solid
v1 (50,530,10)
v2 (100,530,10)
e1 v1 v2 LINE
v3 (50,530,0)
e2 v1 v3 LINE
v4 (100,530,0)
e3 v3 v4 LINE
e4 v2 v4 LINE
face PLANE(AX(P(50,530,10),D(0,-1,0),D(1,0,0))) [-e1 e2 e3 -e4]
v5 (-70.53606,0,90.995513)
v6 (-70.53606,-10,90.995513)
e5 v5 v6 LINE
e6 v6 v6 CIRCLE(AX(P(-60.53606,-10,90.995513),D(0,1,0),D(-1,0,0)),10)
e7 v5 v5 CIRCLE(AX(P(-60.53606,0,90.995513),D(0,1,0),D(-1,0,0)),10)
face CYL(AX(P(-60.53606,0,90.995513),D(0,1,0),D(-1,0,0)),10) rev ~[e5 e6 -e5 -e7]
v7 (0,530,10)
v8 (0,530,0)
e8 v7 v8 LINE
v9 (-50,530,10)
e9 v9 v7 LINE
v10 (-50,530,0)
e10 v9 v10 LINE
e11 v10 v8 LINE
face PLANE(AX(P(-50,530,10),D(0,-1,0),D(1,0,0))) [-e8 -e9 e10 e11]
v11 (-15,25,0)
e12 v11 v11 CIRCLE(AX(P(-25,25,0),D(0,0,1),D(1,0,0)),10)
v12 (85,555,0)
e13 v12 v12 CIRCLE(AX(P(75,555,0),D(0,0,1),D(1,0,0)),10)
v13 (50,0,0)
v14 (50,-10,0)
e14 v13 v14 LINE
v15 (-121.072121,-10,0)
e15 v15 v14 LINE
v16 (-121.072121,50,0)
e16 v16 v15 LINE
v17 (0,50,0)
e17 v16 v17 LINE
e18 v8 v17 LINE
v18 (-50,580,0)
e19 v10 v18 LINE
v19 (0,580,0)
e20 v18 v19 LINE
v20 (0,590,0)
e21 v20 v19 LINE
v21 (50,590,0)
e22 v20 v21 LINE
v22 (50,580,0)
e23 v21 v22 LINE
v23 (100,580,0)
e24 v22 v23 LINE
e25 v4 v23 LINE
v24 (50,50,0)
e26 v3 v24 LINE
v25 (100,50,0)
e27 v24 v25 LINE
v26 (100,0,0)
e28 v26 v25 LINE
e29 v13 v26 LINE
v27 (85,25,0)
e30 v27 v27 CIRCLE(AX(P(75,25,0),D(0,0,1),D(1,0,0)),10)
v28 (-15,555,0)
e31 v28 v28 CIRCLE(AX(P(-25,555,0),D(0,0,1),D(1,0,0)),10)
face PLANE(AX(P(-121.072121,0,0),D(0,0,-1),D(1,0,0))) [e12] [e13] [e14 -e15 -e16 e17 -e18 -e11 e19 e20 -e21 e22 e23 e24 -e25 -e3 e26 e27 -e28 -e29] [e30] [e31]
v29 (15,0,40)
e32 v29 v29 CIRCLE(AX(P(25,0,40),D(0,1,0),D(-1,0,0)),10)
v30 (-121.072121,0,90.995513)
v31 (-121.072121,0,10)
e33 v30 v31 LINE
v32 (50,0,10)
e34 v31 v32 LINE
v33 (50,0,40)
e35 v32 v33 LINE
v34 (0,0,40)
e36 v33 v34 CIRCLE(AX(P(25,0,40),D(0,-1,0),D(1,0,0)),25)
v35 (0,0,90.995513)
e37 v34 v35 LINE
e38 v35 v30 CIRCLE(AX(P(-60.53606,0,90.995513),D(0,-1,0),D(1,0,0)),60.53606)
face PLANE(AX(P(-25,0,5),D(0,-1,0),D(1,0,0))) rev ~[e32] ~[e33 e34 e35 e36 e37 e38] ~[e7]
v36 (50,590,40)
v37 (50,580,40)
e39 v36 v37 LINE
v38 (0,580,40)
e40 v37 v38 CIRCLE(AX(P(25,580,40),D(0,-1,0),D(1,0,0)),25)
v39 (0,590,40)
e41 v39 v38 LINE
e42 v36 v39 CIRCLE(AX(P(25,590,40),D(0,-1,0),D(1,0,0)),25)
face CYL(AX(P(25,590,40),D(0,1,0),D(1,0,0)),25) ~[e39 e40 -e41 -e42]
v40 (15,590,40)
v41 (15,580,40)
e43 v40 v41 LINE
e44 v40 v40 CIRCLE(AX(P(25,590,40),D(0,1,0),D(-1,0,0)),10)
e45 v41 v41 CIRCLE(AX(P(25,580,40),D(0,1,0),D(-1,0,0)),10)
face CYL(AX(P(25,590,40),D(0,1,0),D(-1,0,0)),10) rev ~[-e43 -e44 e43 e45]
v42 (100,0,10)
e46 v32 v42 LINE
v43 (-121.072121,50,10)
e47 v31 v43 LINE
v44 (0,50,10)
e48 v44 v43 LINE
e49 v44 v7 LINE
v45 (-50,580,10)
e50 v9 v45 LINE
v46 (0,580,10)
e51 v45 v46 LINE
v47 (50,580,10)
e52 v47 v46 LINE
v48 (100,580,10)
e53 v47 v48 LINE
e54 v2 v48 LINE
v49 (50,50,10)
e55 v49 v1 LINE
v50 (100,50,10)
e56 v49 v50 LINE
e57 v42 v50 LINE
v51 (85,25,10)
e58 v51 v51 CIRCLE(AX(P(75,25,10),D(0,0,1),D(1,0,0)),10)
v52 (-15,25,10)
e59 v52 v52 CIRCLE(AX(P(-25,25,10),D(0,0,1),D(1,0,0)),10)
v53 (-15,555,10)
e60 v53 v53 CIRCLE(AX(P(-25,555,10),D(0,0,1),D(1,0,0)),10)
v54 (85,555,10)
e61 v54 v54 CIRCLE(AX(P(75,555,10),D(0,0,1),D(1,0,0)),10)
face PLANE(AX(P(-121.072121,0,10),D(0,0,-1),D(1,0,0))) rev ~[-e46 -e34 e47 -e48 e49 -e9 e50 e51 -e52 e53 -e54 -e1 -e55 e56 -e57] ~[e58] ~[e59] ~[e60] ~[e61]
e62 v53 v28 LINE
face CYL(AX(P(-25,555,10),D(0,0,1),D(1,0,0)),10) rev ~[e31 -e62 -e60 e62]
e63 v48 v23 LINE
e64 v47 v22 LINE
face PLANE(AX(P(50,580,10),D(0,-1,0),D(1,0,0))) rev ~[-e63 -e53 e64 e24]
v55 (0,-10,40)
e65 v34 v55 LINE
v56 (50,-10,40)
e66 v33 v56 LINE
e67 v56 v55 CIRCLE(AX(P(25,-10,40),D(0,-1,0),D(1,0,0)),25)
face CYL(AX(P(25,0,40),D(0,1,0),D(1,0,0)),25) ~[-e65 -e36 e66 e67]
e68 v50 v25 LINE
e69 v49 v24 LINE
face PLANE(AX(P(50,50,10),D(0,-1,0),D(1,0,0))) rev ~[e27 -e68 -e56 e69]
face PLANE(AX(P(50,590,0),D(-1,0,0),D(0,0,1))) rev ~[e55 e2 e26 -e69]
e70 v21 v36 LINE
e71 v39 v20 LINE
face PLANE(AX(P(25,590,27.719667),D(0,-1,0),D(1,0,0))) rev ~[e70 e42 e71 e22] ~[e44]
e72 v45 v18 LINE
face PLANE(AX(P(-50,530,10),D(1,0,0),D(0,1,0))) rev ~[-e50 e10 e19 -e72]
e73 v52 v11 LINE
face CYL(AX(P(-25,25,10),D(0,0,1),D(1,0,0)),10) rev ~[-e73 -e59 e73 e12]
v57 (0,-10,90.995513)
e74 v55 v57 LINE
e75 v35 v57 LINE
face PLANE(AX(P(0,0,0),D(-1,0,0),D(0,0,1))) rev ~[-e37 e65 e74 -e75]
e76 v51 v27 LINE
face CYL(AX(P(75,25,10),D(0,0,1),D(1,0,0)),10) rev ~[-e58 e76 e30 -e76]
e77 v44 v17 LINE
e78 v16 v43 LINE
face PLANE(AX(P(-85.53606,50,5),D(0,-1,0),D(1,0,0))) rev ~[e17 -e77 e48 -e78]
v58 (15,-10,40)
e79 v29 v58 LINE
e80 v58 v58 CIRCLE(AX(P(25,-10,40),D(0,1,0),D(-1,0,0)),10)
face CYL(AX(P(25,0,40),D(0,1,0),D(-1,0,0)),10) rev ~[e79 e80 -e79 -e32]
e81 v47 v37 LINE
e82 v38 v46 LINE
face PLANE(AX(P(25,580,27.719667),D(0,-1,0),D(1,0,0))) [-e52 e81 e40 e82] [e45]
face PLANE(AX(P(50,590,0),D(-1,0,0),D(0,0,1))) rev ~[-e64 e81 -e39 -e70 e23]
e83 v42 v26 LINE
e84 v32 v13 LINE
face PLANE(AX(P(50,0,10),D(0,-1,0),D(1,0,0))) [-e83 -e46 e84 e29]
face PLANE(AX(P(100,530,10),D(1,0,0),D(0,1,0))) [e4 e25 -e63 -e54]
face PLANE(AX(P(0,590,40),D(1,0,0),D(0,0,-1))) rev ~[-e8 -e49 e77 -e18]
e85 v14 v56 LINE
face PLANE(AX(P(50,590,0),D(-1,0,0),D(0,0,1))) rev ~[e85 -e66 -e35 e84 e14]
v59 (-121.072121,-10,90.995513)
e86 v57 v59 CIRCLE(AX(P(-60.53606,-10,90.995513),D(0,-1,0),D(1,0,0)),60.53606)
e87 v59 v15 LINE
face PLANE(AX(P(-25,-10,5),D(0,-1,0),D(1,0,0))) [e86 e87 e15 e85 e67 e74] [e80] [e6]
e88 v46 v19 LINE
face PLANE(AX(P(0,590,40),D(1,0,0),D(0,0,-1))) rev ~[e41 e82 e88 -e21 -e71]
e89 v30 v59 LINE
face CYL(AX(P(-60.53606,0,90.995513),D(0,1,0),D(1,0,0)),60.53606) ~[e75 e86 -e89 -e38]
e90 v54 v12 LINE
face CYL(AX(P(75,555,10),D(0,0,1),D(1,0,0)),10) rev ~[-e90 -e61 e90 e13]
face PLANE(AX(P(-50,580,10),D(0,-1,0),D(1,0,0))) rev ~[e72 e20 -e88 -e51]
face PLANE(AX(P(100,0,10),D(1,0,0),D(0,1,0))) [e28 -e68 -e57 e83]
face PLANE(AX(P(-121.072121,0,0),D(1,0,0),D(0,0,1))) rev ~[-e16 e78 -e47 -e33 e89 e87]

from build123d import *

# Parameters (mm, degrees)
F1_DEPTH  = 10
F2_R      = 10
F3_DEPTH  = 25
F4_W      = 50
F4_H      = 10
F5_DEPTH  = 580
F7_R      = 10
F8_DEPTH  = 40
F12_W     = 50
F12_H     = 50
F12_R     = 10
F13_DEPTH = 10
F14_W     = 50
F14_H     = 10
F14_W_2   = 71.0721209645
F15_DEPTH = 10
F16_DEPTH = 50


with BuildPart() as f1:
    # F0 (on Front) → F1 (new body)
    with BuildSketch(Plane.XZ):
        with BuildLine():
            Line((0, 40), (0, 0))
            Line((0, 0), (50, 0))
            Line((50, 0), (50, 40))
            ThreePointArc((50, 40), (25, 65), (0, 40))
        make_face()
    extrude(amount=F1_DEPTH)

    # F2 (on face) → F3 (cut)
    with BuildSketch(Plane(origin=(0, 0, 0), x_dir=(-1, 0, 0), z_dir=(0, 1, 0))):
        with Locations((-25, 40)):
            Circle(F2_R)
    extrude(amount=-F3_DEPTH, mode=Mode.SUBTRACT)


with BuildPart() as f5:
    # F4 (on face) → F5 (new body)
    with BuildSketch(Plane(origin=(0, 0, 0), x_dir=(-1, 0, 0), z_dir=(0, 1, 0))):
        with Locations((-25, 5)):
            Rectangle(F4_W, F4_H)
    extrude(amount=F5_DEPTH)


with BuildPart() as f6_1:
    # F6: copy of F1
    add(f1.part.moved(Location((0, 590, 0))))


with BuildPart() as f8:
    # F7 (on face) → F8 (new body)
    with BuildSketch(Plane.XZ.offset(10)):
        with Locations((25, 0)):
            Circle(F7_R)
    extrude(amount=-F8_DEPTH)


with BuildPart() as f9_1:
    # F9: copy of F8
    add(f8.part.moved(Location((0, 560, 0))))


with BuildPart() as f1_1:
    add(f1.part)

    add(f5.part)  # F13 merges F5

    add(f6_1.part)  # F13 merges F6_1
    # F12 (on face) → F13 (join)
    with BuildSketch(Plane.XY.offset(10)):
        with Locations((-25, 25)):
            Rectangle(F12_W, F12_H)
        with Locations((-25, 25)):
            Circle(F12_R, mode=Mode.SUBTRACT)
        with Locations((-25, 555)):
            Rectangle(F12_W, F12_H)
        with Locations((-25, 555)):
            Circle(F12_R, mode=Mode.SUBTRACT)
        with Locations((75, 25)):
            Rectangle(F12_W, F12_H)
        with Locations((75, 25)):
            Circle(F12_R, mode=Mode.SUBTRACT)
        with Locations((75, 555)):
            Rectangle(F12_W, F12_H)
        with Locations((75, 555)):
            Circle(F12_R, mode=Mode.SUBTRACT)
    extrude(amount=-F13_DEPTH)

    # F14 (on face) → F15 (join)
    with BuildSketch(Plane.XZ):
        with Locations((-25, 5)):
            Rectangle(F14_W, F14_H)
        with Locations((-85.5360604823, 5)):
            Rectangle(F14_W_2, F14_H)
        with BuildLine():
            Line((-121.0721209645, 10), (-50, 10))
            Line((-50, 10), (0, 10))
            Line((0, 10), (0, 90.9955129027))
            ThreePointArc((0, 90.9955129027), (-60.5360604823, 30.4594524205), (-121.0721209645, 90.9955129027))
            Line((-121.0721209645, 90.9955129027), (-121.0721209645, 10))
        make_face()
        with BuildLine():
            ThreePointArc((0, 90.9955129027), (-60.5360604823, 151.531573385), (-121.0721209645, 90.9955129027))
            Line((-121.0721209645, 90.9955129027), (-70.5360604823, 90.9955129027))
            ThreePointArc((-70.5360604823, 90.9955129027), (-60.5360604823, 100.9955129027), (-50.5360604823, 90.9955129027))
            Line((-50.5360604823, 90.9955129027), (0, 90.9955129027))
        make_face()
        with BuildLine():
            Line((-70.5360604823, 90.9955129027), (-121.0721209645, 90.9955129027))
            ThreePointArc((-121.0721209645, 90.9955129027), (-60.5360604823, 30.4594524205), (0, 90.9955129027))
            Line((0, 90.9955129027), (-50.5360604823, 90.9955129027))
            ThreePointArc((-50.5360604823, 90.9955129027), (-60.5360604823, 80.9955129027), (-70.5360604823, 90.9955129027))
        make_face()
    extrude(amount=F15_DEPTH)

    # F14 (on face) → F16 (join)
    with BuildSketch(Plane.XZ):
        with Locations((-85.5360604823, 5)):
            Rectangle(F14_W_2, F14_H)
    extrude(amount=-F16_DEPTH)


solid = f1_1.part
